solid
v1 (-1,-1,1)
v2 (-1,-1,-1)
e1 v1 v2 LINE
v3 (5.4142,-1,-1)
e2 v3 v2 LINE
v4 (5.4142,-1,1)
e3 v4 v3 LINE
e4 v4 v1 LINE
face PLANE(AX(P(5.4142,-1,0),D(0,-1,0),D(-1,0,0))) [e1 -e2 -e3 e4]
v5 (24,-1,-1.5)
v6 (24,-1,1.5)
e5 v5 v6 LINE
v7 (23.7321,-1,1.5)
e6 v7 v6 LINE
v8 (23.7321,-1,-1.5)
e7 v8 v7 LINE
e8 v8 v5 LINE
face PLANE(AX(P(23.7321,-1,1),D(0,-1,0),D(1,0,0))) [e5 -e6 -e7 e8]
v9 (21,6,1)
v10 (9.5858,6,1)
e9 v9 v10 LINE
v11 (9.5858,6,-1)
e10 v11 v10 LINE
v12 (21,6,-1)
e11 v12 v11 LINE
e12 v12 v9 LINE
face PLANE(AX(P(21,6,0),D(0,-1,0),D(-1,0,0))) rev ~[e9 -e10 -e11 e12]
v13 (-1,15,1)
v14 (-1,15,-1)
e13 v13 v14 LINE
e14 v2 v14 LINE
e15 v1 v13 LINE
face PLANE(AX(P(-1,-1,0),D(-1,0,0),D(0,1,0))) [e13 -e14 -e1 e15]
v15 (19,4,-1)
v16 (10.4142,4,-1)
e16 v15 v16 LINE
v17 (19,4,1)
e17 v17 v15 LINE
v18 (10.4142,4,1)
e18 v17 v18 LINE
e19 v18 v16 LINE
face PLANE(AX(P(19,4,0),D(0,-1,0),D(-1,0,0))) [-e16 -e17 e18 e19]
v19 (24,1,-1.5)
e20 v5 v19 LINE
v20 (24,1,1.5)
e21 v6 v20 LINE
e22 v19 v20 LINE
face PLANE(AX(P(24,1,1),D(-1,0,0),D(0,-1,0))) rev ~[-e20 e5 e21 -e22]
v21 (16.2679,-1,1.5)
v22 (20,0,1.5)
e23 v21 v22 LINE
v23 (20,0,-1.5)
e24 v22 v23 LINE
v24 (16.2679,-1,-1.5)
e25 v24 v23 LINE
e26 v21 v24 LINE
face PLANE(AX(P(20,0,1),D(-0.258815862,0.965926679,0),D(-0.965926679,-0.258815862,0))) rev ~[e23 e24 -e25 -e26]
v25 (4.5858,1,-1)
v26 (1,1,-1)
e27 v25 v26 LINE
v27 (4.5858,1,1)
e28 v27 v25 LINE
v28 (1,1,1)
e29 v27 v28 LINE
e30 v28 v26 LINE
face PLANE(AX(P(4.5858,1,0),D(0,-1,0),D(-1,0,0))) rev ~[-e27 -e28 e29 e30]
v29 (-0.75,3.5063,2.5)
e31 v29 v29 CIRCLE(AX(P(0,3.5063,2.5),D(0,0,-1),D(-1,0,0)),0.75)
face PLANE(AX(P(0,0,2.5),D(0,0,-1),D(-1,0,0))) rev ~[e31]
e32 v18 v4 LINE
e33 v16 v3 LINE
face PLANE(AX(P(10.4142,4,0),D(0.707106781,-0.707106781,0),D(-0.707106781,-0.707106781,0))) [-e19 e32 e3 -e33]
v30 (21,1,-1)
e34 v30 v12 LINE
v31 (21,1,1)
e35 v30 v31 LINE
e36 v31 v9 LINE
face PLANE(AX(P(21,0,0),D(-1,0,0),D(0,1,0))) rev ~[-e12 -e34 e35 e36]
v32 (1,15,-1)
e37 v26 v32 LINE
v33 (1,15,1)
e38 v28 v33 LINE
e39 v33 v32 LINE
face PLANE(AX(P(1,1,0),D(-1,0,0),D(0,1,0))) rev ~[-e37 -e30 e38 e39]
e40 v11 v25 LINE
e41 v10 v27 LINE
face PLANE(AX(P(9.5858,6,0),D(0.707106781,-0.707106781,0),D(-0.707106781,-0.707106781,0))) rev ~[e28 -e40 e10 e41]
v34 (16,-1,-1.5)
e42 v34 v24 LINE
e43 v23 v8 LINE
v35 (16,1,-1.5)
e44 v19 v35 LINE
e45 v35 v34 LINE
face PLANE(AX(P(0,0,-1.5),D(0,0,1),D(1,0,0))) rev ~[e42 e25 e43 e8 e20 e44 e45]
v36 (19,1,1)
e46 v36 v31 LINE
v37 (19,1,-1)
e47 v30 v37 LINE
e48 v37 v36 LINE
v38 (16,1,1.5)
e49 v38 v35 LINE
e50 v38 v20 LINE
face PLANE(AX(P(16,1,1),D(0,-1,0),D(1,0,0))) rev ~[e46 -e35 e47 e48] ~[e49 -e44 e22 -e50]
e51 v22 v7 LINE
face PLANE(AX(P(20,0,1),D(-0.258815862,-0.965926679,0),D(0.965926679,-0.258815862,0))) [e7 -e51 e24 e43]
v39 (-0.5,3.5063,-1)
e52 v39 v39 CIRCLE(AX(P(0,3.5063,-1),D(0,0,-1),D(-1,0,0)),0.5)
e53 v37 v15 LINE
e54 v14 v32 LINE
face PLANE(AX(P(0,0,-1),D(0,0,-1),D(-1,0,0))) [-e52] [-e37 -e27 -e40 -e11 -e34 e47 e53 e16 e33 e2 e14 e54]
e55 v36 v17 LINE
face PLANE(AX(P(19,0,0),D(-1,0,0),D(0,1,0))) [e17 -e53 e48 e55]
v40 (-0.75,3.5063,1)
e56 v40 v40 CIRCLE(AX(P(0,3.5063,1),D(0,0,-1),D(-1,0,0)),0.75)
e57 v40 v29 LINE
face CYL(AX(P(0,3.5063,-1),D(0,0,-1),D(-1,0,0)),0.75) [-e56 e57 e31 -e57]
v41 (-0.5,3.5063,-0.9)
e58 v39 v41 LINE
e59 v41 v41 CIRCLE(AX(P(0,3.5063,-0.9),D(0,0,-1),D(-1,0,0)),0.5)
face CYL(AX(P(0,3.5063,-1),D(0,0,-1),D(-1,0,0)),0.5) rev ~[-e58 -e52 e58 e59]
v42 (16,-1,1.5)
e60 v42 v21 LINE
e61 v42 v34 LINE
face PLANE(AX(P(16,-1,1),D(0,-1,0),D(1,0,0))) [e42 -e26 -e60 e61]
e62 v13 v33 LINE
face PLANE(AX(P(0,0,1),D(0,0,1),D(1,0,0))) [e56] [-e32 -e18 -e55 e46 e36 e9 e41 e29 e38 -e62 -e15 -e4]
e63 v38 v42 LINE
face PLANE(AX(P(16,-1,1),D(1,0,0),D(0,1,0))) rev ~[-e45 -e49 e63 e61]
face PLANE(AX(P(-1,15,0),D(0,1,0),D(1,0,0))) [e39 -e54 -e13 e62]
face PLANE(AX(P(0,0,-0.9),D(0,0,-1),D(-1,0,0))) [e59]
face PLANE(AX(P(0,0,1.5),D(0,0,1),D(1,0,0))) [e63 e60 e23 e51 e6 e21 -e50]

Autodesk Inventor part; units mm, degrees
ref_plane "YZ Plane" through (0, 0, 0) normal (1, 0, 0) x (0, 1, 0)
ref_plane "XZ Plane" through (0, 0, 0) normal (0, 1, 0) x (-1, 0, 0)
ref_plane "XY Plane" through (0, 0, 0) normal (0, 0, 1) x (1, 0, 0)
sketch "Sketch8" plane through (0, 0, 0) normal (0, 0, 1) x (1, 0, 0)
  line L0 (0, 0) -> (0, 15) construction
  line L1 (0, 0) -> (5, 0) construction
  line L2 (5, 0) -> (10, 5) construction
  line L3 (10, 5) -> (20, 5) construction
  line L4 (20, 5) -> (20, 0) construction
  line L5 (21, 0) -> (21, 6)
  line L6 (21, 6) -> (9.5858, 6)
  line L7 (9.5858, 6) -> (4.5858, 1)
  line L8 (4.5858, 1) -> (1, 1)
  line L9 (1, 1) -> (1, 15)
  line L10 (19, 0) -> (19, 4)
  line L11 (19, 4) -> (10.4142, 4)
  line L12 (10.4142, 4) -> (5.4142, -1)
  line L13 (5.4142, -1) -> (-1, -1)
  line L14 (-1, -1) -> (-1, 15)
  line L15 (19, 0) -> (21, 0)
  line L16 (-1, 15) -> (1, 15)
  dimension "d49" = 15
  dimension "d50" = 5
  dimension "d51" = 45
  dimension "d52" = 5
  dimension "d53" = 20
  dimension "d54" = 5
  dimension "d55" = 1
  dimension "d56" = 1
  dimension "d62" = 0
extrude "Extrusion10" add sketch "Sketch8" along normal mid plane 2
sketch "Sketch9" plane through (0, 0, -1) normal (0, 0, -1) x (-1, 0, 0)
  line L0 (1, -1) -> (-5.4142, -1) projected
  line L1 (-1, 15) -> (1, 15) projected
  line L2 (-1, 1) -> (-1, 15) projected
  line L3 (0, 15) -> (0, -1) construction
  circle A0 centre (0, 3.5063) radius 0.75
  dimension "d59" = 1.5
extrude "Extrusion11" add sketch "Sketch9" against normal blind 3.5
sketch "Sketch10" plane through (0, 0, 1) normal (0, 0, 1) x (1, 0, 0)
  line L0 (21, 0) -> (19, 0) projected
  line L1 (19, 0) -> (19, 4) projected
  line L2 (5.4142, -1) -> (24, -1) construction
  line L3 (20, 0) -> (20, -1) construction
  line L4 (24, -1) -> (16, -1) construction
  line L5 (16, -1) -> (16, 1)
  line L6 (16, 1) -> (24, 1)
  line L7 (24, 1) -> (24, -1)
  line L8 (20, 0) -> (16.2679, -1)
  line L9 (20, 0) -> (23.7321, -1)
  line L10 (16, -1) -> (16.2679, -1)
  line L11 (23.7321, -1) -> (24, -1)
  dimension "d63" = 2
  dimension "d64" = 4
  dimension "d65" = 8
  dimension "d66" = 15
extrude "Extrusion12" add sketch "Sketch10" against normal up to surface (2 mm away)
sketch "Sketch11" plane through (0, 0, 0) normal (0, 0, 1) x (1, 0, 0)
  line L0 (21, 6) -> (21, 1) projected
  line L1 (9.5858, 6) -> (21, 6) projected
  line L2 (4.5858, 1) -> (9.5858, 6) projected
  line L3 (1, 1) -> (4.5858, 1) projected
  line L4 (1, 15) -> (1, 1) projected
  line L5 (-1, 15) -> (1, 15) projected
  line L6 (-1, -1) -> (-1, 15) projected
  line L7 (5.4142, -1) -> (-1, -1) projected
  line L8 (10.4142, 4) -> (5.4142, -1) projected
  line L9 (19, 4) -> (10.4142, 4) projected
  line L10 (19, 1) -> (19, 4) projected
  line L11 (19, 1) -> (16, 1) projected
  line L12 (16, 1) -> (16, -1) projected
  line L13 (16, -1) -> (16.2679, -1) projected
  line L14 (16.2679, -1) -> (20, 0) projected
  line L15 (20, 0) -> (23.7321, -1) projected
  line L16 (23.7321, -1) -> (24, -1) projected
  line L17 (24, -1) -> (24, 1) projected
  line L18 (24, 1) -> (21, 1) projected
  line L19 (16, 1) -> (24, 1)
extrude "Extrusion13" add sketch "Sketch11" along normal mid plane 3 contours L18 L17 L16 L15 L14 L13 L12 L11 L19
sketch "Sketch12" plane through (0, 0, -1) normal (0, 0, -1) x (-1, 0, 0)
  circle A0 centre (0, 3.5063) radius 0.75 projected
  circle A1 centre (0, 3.5063) radius 0.75 projected
  circle A2 centre (0, 3.5063) radius 0.5
  dimension "d71" = 1
extrude "Extrusion14" cut sketch "Sketch12" against normal blind 0.1 contours A2
properties part number "SlderC"
